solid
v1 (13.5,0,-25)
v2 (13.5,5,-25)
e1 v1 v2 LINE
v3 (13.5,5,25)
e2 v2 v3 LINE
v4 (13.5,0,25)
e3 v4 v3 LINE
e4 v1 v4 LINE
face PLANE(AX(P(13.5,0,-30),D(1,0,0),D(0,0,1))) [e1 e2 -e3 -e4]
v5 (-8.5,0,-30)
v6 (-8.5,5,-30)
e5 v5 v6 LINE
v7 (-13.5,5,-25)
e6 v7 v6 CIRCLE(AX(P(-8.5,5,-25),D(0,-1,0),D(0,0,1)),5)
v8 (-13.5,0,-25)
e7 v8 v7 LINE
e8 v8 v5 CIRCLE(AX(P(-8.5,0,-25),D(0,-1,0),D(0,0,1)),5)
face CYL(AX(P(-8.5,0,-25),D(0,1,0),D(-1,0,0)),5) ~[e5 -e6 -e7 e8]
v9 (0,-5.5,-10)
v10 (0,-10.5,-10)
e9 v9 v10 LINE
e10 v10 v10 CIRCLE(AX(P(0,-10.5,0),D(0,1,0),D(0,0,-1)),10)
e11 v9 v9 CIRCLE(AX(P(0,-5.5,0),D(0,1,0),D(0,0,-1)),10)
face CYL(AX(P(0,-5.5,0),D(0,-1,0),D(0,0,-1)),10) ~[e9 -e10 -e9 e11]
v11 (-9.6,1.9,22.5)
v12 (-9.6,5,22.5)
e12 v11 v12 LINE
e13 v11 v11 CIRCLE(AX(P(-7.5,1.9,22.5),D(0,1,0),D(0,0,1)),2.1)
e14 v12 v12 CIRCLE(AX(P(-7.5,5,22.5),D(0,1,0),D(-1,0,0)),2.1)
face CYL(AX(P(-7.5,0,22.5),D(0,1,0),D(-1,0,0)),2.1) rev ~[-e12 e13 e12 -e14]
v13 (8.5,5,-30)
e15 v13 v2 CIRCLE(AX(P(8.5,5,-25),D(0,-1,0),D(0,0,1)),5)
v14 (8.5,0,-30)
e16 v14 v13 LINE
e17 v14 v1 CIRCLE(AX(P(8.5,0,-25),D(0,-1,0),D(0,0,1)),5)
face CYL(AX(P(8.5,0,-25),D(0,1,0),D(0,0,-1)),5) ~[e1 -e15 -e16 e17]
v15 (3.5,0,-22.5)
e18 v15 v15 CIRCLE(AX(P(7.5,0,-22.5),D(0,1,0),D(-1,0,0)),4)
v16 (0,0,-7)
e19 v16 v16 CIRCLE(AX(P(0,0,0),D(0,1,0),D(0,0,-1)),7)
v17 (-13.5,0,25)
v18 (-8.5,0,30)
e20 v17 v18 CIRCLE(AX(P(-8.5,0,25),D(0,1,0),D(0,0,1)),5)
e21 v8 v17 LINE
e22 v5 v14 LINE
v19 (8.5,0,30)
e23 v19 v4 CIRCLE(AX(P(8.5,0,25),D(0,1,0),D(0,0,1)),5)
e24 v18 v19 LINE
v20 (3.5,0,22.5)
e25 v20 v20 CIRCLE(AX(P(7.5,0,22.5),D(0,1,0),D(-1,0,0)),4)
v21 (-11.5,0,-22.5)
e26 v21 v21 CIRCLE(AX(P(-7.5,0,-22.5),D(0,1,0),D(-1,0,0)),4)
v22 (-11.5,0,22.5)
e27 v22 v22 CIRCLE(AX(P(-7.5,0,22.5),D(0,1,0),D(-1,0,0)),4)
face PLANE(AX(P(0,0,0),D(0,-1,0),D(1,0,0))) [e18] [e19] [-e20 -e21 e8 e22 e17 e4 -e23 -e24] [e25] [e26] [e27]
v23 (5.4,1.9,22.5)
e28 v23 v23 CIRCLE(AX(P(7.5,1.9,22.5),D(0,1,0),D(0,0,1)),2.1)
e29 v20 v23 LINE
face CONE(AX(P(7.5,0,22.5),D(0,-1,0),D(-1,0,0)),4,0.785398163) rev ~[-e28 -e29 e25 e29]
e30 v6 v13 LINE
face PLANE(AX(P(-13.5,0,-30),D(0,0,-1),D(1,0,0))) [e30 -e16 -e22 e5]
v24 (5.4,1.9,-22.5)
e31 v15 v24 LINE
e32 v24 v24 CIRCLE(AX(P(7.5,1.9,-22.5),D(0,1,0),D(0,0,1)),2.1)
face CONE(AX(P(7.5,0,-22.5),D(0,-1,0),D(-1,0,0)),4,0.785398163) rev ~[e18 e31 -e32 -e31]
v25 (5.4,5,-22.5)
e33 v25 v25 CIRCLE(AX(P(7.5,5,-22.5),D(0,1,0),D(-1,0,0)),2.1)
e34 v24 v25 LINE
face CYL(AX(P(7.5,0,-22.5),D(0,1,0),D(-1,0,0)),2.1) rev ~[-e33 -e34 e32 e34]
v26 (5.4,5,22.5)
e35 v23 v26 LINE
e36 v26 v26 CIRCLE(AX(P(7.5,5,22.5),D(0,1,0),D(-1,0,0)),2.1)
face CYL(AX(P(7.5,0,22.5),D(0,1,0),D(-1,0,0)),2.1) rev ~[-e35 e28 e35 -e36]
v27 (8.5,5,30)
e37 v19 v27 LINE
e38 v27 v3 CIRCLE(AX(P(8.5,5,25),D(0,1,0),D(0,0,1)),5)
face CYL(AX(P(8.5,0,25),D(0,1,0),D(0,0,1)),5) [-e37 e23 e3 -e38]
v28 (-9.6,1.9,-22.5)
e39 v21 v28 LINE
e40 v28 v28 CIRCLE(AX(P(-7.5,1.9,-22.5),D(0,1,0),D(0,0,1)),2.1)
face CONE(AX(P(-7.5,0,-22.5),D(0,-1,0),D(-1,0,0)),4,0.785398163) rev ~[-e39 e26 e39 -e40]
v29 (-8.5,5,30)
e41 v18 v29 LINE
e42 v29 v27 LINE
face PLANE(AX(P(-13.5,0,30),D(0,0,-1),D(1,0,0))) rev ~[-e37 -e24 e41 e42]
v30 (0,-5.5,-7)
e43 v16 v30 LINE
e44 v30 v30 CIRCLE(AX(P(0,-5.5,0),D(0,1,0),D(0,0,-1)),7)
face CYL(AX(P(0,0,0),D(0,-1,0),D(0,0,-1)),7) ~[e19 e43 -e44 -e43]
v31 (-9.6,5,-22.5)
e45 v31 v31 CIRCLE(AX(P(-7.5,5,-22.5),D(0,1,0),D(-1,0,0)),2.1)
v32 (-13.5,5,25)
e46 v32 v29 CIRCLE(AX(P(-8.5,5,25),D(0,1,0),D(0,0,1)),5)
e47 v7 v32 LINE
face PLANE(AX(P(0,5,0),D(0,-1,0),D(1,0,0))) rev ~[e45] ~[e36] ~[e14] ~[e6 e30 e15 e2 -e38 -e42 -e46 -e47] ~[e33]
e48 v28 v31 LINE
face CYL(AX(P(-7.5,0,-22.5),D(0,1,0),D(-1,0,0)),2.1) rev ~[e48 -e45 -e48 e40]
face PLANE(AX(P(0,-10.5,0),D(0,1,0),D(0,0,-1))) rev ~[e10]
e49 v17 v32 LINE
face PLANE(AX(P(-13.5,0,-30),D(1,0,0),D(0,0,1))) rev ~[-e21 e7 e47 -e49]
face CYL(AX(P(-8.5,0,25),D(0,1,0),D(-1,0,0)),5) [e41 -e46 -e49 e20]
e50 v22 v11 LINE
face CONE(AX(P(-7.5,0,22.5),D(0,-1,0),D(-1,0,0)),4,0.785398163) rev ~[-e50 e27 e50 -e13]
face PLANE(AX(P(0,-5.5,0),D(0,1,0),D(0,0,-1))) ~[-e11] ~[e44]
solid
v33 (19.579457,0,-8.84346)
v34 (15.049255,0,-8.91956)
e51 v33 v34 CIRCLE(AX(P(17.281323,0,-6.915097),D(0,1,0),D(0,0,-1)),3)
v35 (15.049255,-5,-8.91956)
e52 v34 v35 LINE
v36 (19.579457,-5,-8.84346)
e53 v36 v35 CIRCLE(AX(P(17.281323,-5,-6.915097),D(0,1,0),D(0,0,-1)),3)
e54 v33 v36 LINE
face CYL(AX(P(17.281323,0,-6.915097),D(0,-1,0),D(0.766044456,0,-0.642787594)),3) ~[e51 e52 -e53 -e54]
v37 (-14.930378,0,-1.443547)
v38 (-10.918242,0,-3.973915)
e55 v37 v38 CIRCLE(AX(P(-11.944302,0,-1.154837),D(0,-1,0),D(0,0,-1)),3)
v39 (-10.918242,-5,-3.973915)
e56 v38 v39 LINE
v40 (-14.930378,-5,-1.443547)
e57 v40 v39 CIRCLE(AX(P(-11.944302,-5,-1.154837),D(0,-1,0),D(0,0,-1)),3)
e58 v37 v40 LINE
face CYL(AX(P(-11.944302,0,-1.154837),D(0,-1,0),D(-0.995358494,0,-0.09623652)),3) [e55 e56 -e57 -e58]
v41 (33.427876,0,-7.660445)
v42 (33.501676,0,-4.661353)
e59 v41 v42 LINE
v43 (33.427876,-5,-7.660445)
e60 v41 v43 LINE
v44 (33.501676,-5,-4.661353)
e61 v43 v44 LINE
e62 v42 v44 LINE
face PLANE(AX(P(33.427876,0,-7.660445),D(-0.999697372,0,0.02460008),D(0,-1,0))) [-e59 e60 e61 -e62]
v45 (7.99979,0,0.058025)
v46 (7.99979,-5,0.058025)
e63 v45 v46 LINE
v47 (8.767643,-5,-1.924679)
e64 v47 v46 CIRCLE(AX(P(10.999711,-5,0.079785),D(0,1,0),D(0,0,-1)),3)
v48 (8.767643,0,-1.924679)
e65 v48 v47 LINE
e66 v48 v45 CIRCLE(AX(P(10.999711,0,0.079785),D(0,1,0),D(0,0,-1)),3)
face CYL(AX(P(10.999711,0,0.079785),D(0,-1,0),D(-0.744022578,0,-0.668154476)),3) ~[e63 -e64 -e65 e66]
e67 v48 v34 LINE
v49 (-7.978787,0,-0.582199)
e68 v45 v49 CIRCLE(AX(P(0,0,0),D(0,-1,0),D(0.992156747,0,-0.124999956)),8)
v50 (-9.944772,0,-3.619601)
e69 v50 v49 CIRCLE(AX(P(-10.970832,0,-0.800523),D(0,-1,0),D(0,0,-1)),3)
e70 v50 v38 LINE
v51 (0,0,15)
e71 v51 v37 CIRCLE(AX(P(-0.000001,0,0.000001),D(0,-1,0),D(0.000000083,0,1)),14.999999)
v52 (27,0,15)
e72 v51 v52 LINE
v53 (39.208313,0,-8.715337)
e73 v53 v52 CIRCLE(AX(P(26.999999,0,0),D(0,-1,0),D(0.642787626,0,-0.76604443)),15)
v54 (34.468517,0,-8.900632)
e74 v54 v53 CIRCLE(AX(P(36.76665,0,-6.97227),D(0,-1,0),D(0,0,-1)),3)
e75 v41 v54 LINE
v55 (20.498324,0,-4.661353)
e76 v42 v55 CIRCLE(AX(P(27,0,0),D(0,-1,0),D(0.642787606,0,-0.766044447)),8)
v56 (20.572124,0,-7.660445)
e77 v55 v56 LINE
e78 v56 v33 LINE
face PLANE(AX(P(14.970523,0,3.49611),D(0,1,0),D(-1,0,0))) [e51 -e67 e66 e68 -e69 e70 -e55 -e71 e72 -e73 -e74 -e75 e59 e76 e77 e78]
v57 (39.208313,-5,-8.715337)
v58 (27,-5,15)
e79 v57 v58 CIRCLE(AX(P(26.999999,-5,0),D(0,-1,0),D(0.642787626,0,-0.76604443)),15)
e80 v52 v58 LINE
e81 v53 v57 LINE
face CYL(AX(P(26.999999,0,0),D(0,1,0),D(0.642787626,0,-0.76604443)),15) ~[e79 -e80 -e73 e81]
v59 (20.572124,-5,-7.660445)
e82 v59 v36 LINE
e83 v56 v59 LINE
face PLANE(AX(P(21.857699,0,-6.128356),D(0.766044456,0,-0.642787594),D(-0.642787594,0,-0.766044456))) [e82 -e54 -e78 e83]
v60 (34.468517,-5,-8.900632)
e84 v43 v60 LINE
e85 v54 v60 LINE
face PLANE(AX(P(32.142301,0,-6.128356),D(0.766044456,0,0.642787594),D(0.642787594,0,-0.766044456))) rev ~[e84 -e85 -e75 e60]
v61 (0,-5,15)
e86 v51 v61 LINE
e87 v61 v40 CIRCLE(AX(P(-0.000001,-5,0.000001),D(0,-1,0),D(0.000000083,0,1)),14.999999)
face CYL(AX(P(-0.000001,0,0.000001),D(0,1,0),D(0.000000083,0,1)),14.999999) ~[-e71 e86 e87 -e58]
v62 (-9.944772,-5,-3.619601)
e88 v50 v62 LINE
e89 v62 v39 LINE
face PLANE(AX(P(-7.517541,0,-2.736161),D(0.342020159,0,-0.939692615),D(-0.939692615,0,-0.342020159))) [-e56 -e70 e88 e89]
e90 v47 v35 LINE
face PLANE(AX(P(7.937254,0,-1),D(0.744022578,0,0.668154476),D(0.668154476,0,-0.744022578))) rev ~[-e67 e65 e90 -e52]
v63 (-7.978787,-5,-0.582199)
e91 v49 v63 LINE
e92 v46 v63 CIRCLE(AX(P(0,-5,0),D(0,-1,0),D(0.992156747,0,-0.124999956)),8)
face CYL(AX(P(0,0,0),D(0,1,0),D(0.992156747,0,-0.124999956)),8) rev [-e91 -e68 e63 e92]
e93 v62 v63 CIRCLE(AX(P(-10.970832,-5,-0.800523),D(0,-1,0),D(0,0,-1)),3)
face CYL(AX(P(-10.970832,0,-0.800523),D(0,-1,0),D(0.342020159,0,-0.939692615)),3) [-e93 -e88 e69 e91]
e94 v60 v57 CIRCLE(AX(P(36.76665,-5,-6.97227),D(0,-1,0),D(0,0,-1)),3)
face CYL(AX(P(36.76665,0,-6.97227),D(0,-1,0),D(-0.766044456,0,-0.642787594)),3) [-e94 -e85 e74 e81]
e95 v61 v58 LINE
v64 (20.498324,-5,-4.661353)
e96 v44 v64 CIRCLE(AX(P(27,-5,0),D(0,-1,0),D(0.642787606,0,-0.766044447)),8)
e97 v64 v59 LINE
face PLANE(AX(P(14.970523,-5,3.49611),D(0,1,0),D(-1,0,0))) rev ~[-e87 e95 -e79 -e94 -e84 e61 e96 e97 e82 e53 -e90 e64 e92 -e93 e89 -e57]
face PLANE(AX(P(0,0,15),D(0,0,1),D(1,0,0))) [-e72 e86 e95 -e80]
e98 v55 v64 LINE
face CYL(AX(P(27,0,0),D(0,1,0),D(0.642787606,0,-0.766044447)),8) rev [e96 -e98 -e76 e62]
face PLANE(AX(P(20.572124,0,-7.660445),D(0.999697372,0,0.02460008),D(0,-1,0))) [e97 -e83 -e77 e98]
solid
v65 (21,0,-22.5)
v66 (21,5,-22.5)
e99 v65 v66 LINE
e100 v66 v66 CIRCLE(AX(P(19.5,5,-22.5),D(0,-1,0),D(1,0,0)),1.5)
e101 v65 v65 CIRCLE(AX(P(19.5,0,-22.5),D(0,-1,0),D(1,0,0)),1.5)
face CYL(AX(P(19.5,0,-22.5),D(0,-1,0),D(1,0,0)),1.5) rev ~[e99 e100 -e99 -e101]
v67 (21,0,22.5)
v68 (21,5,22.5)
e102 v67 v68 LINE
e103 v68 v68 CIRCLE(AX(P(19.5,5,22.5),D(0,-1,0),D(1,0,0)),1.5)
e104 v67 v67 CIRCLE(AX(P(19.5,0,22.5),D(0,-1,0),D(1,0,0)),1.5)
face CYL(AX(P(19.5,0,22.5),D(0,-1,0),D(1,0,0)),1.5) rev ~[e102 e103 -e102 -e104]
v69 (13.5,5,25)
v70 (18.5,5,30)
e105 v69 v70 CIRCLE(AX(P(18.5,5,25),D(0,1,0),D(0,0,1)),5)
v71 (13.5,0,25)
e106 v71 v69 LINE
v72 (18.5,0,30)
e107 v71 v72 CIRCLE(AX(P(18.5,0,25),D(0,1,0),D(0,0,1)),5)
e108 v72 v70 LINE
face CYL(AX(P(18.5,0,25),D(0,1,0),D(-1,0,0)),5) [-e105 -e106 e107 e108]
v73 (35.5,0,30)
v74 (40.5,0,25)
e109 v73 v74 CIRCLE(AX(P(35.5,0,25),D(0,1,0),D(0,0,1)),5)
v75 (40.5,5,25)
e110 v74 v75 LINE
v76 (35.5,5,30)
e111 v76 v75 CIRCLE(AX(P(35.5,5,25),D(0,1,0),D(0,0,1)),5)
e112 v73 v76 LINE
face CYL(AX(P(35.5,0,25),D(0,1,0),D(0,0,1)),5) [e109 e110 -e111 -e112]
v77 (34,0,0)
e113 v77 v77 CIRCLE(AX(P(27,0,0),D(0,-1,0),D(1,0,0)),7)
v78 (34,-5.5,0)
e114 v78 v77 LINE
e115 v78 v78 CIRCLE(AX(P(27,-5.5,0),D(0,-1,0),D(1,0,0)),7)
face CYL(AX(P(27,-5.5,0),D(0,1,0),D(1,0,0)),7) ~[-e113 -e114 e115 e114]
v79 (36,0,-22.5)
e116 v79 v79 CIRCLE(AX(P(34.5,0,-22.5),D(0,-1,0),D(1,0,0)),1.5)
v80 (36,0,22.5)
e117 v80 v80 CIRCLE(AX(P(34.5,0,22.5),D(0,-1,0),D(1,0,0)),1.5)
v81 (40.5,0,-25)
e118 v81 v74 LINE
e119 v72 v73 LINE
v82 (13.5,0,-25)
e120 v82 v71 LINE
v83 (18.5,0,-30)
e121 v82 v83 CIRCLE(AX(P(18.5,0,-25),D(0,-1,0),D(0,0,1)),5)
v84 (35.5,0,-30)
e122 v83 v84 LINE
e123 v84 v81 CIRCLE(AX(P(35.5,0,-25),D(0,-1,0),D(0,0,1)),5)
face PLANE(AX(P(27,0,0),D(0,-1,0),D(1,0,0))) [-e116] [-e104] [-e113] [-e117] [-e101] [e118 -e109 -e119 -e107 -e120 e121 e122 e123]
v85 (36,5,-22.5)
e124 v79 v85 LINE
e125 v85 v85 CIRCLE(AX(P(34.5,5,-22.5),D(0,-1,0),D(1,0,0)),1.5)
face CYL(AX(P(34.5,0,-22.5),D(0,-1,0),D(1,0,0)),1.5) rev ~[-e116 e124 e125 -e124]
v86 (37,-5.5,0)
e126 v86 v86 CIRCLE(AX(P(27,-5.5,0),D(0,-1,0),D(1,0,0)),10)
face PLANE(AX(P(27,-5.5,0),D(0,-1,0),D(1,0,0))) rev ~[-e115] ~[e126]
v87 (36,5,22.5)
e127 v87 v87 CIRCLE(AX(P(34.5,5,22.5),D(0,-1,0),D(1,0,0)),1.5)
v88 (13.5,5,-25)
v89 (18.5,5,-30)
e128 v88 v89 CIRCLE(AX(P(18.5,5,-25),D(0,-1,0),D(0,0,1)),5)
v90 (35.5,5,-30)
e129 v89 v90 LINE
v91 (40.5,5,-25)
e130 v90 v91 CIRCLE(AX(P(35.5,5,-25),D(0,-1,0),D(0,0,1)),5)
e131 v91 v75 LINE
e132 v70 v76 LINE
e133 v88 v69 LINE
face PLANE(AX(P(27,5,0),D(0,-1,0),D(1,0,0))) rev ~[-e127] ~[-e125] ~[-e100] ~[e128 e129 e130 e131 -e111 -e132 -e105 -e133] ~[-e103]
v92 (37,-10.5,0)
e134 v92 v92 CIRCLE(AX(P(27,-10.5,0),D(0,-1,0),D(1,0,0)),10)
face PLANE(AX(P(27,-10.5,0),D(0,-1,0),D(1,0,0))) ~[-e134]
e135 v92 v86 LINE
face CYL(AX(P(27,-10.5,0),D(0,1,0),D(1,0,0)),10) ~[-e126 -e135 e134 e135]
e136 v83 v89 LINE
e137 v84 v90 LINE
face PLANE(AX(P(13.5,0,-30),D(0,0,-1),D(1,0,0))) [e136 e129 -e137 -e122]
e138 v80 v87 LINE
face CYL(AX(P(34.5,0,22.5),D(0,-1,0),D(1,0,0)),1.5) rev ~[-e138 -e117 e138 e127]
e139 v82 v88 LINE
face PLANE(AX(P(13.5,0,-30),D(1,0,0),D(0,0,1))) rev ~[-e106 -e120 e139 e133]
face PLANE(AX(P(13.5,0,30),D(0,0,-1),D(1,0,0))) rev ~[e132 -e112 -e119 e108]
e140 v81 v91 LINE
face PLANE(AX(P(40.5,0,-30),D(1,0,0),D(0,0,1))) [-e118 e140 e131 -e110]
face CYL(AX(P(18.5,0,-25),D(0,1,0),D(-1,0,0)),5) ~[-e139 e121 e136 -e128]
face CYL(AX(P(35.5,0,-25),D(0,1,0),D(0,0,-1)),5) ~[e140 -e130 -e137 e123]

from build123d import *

# Parameters (mm, degrees)
SKETCH_W         = 27
SKETCH_H         = 60
PAD_DEPTH        = 5
FILLET_R         = 5
HOLE_D           = 4.2
HOLE_DEPTH       = 25
HOLE_CSINK_D     = 8
HOLE_CSINK_ANGLE = 90
SKETCH003_W      = 27
SKETCH003_H      = 60
PAD001_DEPTH     = 5
SKETCH004_R      = 1.5
POCKET001_DEPTH  = 5
FILLET001_R      = 5
PAD002_DEPTH     = 5
CHAMFER_SIZE     = 2
FILLET002_R      = 3


with BuildPart() as body:
    # Sketch → Pad (new body)
    with BuildSketch(Plane.XZ):
        Rectangle(SKETCH_W, SKETCH_H)
    extrude(amount=-PAD_DEPTH)

    # Sketch002 → Revolution (revolve)
    with BuildSketch(Plane.YZ):
        Polygon((0, -7), (-5.5, -7), (-5.5, -10), (-10.5, -10), (-10.5, 0), (0, 0), align=None)
    revolve(axis=Axis((0, 0, 0), (0, 1, 0)))

    # Fillet
    fillet_edges = [body.edges().sort_by_distance(p)[0] for p in [
        (-13.5, 2.5, 30),
        (13.5, 2.5, 30),
        (-13.5, 2.5, -30),
        (13.5, 2.5, -30),
    ]]
    fillet(fillet_edges, radius=FILLET_R)

    # Hole
    with Locations(Plane.XZ):
        with Locations((-7.5, 22.5), (7.5, 22.5), (-7.5, -22.5), (7.5, -22.5)):
            CounterSinkHole(HOLE_D / 2, HOLE_CSINK_D / 2, depth=HOLE_DEPTH, counter_sink_angle=HOLE_CSINK_ANGLE)


with BuildPart() as body001:
    # Sketch003 → Pad001 (new body)
    with BuildSketch(Plane.XZ):
        with Locations((27, 0)):
            Rectangle(SKETCH003_W, SKETCH003_H)
    extrude(amount=-PAD001_DEPTH)

    # Sketch004 → Pocket001 (cut)
    with BuildSketch(Plane.XZ):
        with Locations((19.5, 22.5)):
            Circle(SKETCH004_R)
        with Locations((34.5, 22.5)):
            Circle(SKETCH004_R)
        with Locations((19.5, -22.5)):
            Circle(SKETCH004_R)
        with Locations((34.5, -22.5)):
            Circle(SKETCH004_R)
    extrude(amount=-POCKET001_DEPTH, mode=Mode.SUBTRACT)

    # Sketch005 → Revolution001 (revolve)
    with BuildSketch(Plane.XY):
        Polygon((27, 0), (27, -10.5), (37, -10.5), (37, -5.5), (34, -5.5), (34, 0), align=None)
    revolve(axis=Axis((27, 0, 0), (0, -1, 0)))

    # Fillet001
    fillet001_edges = [body001.edges().sort_by_distance(p)[0] for p in [
        (13.5, 2.5, 30),
        (40.5, 2.5, 30),
        (40.5, 2.5, -30),
        (13.5, 2.5, -30),
    ]]
    fillet(fillet001_edges, radius=FILLET001_R)


with BuildPart() as body002:
    # Sketch006 → Pad002 (new body)
    with BuildSketch(Plane.XZ):
        with BuildLine():
            ThreePointArc((7.937254, -1), (-0.893087, 7.949993), (-7.517541, -2.736161))
            Line((-7.517541, -2.736161), (-14.095389, -5.130302))
            ThreePointArc((0, 15), (-12.287281, 8.603647), (-14.095389, -5.130302))
            Line((0, 15), (27, 15))
            ThreePointArc((36.641814, -11.490667), (41.095389, 5.130302), (27, 15))
            Line((32.142301, -6.128356), (36.641814, -11.490667))
            ThreePointArc((32.142301, -6.128356), (27, 8), (21.857699, -6.128356))
            Line((21.857699, -6.128356), (17.358186, -11.490667))
            Line((7.937254, -1), (17.358186, -11.490667))
        make_face()
    extrude(amount=PAD002_DEPTH)

    # Chamfer
    chamfer_edges = [body002.edges().sort_by_distance(p)[0] for p in [
        (21.857699, -2.5, -6.128356),
        (32.142301, -2.5, -6.128356),
    ]]
    chamfer(chamfer_edges, length=CHAMFER_SIZE)

    # Fillet002
    fillet002_edges = [body002.edges().sort_by_distance(p)[0] for p in [
        (17.358186, -2.5, -11.490667),
        (-14.095389, -2.5, -5.130302),
        (-7.517541, -2.5, -2.736161),
        (36.641814, -2.5, -11.490667),
        (7.937254, -2.5, -1),
    ]]
    fillet(fillet002_edges, radius=FILLET002_R)


solid = Compound([body.part, body001.part, body002.part])
